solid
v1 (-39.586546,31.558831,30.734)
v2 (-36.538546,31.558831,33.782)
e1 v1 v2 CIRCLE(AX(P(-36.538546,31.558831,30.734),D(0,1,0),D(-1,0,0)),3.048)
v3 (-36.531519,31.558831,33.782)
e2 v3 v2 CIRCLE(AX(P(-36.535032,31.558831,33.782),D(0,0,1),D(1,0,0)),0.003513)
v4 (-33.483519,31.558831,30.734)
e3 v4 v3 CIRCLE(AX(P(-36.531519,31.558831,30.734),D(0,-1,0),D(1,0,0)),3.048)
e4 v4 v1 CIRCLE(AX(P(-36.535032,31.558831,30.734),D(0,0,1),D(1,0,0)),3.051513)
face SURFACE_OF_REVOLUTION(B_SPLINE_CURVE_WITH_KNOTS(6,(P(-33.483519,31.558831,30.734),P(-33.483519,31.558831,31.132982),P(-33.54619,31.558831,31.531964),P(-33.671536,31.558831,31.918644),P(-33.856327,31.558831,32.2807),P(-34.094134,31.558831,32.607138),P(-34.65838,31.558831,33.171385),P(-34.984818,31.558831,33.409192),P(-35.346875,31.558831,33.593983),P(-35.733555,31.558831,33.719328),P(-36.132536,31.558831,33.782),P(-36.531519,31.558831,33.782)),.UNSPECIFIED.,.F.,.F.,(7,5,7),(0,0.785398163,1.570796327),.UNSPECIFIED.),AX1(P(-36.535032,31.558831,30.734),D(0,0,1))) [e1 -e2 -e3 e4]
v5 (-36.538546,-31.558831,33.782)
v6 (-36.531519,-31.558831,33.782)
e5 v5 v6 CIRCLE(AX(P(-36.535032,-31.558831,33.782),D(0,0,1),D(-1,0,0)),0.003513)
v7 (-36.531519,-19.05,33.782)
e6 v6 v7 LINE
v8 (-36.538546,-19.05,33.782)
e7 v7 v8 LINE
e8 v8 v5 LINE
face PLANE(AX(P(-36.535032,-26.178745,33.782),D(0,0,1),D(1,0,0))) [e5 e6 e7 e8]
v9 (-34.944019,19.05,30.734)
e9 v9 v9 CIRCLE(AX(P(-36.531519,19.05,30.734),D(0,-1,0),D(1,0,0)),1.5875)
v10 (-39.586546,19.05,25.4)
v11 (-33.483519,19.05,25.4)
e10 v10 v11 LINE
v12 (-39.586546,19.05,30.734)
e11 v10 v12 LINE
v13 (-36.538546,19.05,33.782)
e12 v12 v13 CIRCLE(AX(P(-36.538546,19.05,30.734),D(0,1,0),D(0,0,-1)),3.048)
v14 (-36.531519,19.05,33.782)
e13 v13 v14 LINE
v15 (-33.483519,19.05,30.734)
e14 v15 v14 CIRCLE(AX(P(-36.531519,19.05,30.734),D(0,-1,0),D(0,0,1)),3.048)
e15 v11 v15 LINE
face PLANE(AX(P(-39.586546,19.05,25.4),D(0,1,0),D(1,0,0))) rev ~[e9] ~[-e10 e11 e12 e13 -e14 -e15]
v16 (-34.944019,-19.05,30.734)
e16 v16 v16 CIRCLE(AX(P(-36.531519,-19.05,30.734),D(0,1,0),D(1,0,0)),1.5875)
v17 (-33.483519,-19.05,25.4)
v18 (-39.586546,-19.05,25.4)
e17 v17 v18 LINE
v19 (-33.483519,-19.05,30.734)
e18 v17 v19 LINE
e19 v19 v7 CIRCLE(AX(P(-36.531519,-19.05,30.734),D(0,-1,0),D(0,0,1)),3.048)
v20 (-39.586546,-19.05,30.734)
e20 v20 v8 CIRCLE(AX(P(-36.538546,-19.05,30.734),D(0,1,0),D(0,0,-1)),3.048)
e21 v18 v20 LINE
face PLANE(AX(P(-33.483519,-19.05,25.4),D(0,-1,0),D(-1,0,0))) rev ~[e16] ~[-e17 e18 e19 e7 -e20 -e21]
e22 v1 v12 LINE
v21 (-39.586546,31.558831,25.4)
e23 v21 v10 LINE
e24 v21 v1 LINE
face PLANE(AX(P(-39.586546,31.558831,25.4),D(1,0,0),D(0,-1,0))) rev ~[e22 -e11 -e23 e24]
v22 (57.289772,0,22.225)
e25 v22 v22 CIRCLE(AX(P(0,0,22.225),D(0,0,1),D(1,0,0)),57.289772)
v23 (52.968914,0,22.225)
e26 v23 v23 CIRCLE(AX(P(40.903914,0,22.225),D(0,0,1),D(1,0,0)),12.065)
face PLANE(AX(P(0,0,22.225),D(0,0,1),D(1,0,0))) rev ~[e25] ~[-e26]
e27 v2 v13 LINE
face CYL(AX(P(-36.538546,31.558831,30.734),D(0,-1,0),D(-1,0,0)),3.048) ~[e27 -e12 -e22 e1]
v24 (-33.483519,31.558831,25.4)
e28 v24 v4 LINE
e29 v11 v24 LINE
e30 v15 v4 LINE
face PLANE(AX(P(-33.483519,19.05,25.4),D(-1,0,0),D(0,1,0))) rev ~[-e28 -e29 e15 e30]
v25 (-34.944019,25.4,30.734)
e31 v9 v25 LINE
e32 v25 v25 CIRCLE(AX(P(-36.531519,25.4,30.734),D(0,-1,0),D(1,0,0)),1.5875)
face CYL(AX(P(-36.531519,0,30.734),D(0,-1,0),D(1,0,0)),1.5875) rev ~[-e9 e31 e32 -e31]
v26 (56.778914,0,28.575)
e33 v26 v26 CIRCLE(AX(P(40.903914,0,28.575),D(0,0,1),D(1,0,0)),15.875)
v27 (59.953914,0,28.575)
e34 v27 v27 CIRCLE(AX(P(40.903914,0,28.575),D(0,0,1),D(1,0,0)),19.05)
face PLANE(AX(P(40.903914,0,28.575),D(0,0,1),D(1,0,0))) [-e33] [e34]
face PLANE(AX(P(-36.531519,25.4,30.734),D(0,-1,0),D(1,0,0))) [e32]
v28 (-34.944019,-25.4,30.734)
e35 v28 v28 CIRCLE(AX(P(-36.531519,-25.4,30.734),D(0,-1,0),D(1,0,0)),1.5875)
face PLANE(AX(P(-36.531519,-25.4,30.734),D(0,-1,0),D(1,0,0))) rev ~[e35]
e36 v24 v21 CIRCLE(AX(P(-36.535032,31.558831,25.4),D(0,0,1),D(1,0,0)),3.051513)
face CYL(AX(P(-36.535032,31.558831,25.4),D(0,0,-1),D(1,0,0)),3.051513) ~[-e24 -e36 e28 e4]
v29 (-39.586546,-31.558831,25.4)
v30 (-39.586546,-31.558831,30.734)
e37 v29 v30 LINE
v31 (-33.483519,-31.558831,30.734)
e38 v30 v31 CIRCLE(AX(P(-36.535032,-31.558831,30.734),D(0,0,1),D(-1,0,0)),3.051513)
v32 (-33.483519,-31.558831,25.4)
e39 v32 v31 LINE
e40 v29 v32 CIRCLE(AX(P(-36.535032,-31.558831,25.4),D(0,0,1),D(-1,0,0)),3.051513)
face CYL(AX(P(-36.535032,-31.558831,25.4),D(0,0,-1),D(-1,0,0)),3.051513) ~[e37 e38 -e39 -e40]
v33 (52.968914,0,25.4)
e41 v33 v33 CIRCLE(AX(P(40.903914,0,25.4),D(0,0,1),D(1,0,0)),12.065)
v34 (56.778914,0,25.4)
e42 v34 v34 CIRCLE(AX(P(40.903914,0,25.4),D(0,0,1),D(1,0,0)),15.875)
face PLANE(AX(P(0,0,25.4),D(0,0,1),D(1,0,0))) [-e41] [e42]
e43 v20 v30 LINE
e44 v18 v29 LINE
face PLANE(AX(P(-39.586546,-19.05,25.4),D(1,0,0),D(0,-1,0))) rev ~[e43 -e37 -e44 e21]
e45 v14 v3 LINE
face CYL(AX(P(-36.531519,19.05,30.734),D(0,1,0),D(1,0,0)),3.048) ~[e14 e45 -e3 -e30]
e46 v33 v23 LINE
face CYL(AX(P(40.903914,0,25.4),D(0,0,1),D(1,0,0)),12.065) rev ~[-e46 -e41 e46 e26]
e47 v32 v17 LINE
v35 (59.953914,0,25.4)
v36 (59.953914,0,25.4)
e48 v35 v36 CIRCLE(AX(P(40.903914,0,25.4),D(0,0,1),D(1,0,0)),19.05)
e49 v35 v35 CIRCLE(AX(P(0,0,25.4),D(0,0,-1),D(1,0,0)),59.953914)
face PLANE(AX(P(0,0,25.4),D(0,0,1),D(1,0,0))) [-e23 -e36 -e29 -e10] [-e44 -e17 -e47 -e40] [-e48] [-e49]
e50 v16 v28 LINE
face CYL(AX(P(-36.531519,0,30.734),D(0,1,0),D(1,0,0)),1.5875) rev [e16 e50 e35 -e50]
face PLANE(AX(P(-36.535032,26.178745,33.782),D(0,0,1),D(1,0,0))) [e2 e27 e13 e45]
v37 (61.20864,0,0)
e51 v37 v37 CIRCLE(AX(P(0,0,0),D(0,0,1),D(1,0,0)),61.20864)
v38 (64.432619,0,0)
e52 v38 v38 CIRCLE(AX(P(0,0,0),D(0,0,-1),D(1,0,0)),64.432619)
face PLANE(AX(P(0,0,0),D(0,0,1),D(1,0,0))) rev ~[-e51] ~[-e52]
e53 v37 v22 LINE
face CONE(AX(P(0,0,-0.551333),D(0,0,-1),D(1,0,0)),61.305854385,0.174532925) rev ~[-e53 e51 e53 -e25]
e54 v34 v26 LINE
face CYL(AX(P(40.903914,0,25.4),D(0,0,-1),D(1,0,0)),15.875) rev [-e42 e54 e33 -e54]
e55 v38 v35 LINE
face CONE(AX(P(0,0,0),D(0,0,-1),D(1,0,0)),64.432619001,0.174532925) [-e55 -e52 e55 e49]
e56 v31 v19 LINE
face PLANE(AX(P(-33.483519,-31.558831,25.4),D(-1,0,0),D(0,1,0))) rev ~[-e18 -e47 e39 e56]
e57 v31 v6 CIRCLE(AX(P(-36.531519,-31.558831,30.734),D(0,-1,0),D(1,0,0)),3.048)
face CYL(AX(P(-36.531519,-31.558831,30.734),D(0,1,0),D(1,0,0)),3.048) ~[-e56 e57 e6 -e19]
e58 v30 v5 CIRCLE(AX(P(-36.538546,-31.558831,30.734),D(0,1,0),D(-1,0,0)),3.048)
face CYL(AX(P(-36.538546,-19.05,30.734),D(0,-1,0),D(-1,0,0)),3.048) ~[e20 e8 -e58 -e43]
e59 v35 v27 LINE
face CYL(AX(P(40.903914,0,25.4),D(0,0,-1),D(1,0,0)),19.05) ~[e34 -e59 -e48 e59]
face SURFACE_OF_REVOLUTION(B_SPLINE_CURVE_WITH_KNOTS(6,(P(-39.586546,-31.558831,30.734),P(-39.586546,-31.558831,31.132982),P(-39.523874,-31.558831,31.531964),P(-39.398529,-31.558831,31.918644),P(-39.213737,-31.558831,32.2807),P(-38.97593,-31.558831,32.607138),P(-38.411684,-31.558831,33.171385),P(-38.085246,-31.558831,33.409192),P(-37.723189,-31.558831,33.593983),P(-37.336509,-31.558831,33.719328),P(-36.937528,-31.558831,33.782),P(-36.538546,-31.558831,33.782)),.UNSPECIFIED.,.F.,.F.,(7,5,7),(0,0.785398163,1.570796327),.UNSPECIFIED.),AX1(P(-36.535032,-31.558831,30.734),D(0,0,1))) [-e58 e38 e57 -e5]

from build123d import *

# Parameters (mm, degrees)
F0_R           = 64.4326190009
F1_DEPTH       = 25.4
F1_TAPER       = 10
F2_T           = -3.175
F3_R           = 19.05
F3_R_2         = 15.875
F4_DEPTH       = 3.175
F3_R_3         = 12.065
F5_DEPTH       = 25.4
F7_DEPTH       = 8.382
F8_R           = 3.048
F9_R           = 1.5875
F10_DEPTH      = 25.4
F10_DEPTH_BACK = 25.4


with BuildPart() as f1:
    # F0 (on Top) → F1 (new body)
    with BuildSketch(Plane.XY):
        Circle(F0_R)
    extrude(amount=F1_DEPTH, taper=F1_TAPER)

    # F2
    f2_openings = [f1.faces().sort_by_distance(p)[0] for p in [
        (0, 0, 0),
    ]]
    offset(amount=F2_T, openings=f2_openings)

    # F3 (on face) → F4 (join)
    with BuildSketch(Plane.XY.offset(25.4)):
        with Locations((40.9039136909, 0)):
            Circle(F3_R)
        with Locations((40.9039136909, 0)):
            Circle(F3_R_2, mode=Mode.SUBTRACT)
    extrude(amount=F4_DEPTH)

    # F3 (on face) → F5 (cut)
    with BuildSketch(Plane.XY.offset(25.4)):
        with Locations((40.9039136909, 0)):
            Circle(F3_R_3)
    extrude(amount=-F5_DEPTH, mode=Mode.SUBTRACT)

    # F6 (on face) → F7 (join)
    with BuildSketch(Plane.XY.offset(25.4)):
        with BuildLine():
            Line((-33.4835186865, -31.5588308226), (-33.4835186865, -19.05))
            Line((-33.4835186865, -19.05), (-39.5865455006, -19.05))
            Line((-39.5865455006, -19.05), (-39.5865455006, -31.5588308226))
            ThreePointArc((-39.5865455006, -31.5588308226), (-36.5350320935, -34.6103442296), (-33.4835186865, -31.5588308226))
        make_face()
        with BuildLine():
            Line((-39.5865455006, 31.5588308226), (-39.5865455006, 19.05))
            Line((-39.5865455006, 19.05), (-33.4835186865, 19.05))
            Line((-33.4835186865, 19.05), (-33.4835186865, 31.5588308226))
            ThreePointArc((-33.4835186865, 31.5588308226), (-36.5350320935, 34.6103442296), (-39.5865455006, 31.5588308226))
        make_face()
    extrude(amount=F7_DEPTH)

    # F8
    f8_edges = [f1.edges().sort_by_distance(p)[0] for p in [
        (-33.483519, -25.304415, 33.782),
        (-39.586546, -25.304415, 33.782),
        (-36.535032, -34.610344, 33.782),
        (-33.483519, 25.304415, 33.782),
    ]]
    fillet(f8_edges, radius=F8_R)

    # F9 (on Front) → F10 (cut, two sides)
    with BuildSketch(Plane.XZ) as f10_sk:
        with Locations((-36.5315186865, 30.734)):
            Circle(F9_R)
    extrude(amount=F10_DEPTH, mode=Mode.SUBTRACT)
    extrude(f10_sk.sketch, amount=-F10_DEPTH_BACK, mode=Mode.SUBTRACT)


solid = f1.part
